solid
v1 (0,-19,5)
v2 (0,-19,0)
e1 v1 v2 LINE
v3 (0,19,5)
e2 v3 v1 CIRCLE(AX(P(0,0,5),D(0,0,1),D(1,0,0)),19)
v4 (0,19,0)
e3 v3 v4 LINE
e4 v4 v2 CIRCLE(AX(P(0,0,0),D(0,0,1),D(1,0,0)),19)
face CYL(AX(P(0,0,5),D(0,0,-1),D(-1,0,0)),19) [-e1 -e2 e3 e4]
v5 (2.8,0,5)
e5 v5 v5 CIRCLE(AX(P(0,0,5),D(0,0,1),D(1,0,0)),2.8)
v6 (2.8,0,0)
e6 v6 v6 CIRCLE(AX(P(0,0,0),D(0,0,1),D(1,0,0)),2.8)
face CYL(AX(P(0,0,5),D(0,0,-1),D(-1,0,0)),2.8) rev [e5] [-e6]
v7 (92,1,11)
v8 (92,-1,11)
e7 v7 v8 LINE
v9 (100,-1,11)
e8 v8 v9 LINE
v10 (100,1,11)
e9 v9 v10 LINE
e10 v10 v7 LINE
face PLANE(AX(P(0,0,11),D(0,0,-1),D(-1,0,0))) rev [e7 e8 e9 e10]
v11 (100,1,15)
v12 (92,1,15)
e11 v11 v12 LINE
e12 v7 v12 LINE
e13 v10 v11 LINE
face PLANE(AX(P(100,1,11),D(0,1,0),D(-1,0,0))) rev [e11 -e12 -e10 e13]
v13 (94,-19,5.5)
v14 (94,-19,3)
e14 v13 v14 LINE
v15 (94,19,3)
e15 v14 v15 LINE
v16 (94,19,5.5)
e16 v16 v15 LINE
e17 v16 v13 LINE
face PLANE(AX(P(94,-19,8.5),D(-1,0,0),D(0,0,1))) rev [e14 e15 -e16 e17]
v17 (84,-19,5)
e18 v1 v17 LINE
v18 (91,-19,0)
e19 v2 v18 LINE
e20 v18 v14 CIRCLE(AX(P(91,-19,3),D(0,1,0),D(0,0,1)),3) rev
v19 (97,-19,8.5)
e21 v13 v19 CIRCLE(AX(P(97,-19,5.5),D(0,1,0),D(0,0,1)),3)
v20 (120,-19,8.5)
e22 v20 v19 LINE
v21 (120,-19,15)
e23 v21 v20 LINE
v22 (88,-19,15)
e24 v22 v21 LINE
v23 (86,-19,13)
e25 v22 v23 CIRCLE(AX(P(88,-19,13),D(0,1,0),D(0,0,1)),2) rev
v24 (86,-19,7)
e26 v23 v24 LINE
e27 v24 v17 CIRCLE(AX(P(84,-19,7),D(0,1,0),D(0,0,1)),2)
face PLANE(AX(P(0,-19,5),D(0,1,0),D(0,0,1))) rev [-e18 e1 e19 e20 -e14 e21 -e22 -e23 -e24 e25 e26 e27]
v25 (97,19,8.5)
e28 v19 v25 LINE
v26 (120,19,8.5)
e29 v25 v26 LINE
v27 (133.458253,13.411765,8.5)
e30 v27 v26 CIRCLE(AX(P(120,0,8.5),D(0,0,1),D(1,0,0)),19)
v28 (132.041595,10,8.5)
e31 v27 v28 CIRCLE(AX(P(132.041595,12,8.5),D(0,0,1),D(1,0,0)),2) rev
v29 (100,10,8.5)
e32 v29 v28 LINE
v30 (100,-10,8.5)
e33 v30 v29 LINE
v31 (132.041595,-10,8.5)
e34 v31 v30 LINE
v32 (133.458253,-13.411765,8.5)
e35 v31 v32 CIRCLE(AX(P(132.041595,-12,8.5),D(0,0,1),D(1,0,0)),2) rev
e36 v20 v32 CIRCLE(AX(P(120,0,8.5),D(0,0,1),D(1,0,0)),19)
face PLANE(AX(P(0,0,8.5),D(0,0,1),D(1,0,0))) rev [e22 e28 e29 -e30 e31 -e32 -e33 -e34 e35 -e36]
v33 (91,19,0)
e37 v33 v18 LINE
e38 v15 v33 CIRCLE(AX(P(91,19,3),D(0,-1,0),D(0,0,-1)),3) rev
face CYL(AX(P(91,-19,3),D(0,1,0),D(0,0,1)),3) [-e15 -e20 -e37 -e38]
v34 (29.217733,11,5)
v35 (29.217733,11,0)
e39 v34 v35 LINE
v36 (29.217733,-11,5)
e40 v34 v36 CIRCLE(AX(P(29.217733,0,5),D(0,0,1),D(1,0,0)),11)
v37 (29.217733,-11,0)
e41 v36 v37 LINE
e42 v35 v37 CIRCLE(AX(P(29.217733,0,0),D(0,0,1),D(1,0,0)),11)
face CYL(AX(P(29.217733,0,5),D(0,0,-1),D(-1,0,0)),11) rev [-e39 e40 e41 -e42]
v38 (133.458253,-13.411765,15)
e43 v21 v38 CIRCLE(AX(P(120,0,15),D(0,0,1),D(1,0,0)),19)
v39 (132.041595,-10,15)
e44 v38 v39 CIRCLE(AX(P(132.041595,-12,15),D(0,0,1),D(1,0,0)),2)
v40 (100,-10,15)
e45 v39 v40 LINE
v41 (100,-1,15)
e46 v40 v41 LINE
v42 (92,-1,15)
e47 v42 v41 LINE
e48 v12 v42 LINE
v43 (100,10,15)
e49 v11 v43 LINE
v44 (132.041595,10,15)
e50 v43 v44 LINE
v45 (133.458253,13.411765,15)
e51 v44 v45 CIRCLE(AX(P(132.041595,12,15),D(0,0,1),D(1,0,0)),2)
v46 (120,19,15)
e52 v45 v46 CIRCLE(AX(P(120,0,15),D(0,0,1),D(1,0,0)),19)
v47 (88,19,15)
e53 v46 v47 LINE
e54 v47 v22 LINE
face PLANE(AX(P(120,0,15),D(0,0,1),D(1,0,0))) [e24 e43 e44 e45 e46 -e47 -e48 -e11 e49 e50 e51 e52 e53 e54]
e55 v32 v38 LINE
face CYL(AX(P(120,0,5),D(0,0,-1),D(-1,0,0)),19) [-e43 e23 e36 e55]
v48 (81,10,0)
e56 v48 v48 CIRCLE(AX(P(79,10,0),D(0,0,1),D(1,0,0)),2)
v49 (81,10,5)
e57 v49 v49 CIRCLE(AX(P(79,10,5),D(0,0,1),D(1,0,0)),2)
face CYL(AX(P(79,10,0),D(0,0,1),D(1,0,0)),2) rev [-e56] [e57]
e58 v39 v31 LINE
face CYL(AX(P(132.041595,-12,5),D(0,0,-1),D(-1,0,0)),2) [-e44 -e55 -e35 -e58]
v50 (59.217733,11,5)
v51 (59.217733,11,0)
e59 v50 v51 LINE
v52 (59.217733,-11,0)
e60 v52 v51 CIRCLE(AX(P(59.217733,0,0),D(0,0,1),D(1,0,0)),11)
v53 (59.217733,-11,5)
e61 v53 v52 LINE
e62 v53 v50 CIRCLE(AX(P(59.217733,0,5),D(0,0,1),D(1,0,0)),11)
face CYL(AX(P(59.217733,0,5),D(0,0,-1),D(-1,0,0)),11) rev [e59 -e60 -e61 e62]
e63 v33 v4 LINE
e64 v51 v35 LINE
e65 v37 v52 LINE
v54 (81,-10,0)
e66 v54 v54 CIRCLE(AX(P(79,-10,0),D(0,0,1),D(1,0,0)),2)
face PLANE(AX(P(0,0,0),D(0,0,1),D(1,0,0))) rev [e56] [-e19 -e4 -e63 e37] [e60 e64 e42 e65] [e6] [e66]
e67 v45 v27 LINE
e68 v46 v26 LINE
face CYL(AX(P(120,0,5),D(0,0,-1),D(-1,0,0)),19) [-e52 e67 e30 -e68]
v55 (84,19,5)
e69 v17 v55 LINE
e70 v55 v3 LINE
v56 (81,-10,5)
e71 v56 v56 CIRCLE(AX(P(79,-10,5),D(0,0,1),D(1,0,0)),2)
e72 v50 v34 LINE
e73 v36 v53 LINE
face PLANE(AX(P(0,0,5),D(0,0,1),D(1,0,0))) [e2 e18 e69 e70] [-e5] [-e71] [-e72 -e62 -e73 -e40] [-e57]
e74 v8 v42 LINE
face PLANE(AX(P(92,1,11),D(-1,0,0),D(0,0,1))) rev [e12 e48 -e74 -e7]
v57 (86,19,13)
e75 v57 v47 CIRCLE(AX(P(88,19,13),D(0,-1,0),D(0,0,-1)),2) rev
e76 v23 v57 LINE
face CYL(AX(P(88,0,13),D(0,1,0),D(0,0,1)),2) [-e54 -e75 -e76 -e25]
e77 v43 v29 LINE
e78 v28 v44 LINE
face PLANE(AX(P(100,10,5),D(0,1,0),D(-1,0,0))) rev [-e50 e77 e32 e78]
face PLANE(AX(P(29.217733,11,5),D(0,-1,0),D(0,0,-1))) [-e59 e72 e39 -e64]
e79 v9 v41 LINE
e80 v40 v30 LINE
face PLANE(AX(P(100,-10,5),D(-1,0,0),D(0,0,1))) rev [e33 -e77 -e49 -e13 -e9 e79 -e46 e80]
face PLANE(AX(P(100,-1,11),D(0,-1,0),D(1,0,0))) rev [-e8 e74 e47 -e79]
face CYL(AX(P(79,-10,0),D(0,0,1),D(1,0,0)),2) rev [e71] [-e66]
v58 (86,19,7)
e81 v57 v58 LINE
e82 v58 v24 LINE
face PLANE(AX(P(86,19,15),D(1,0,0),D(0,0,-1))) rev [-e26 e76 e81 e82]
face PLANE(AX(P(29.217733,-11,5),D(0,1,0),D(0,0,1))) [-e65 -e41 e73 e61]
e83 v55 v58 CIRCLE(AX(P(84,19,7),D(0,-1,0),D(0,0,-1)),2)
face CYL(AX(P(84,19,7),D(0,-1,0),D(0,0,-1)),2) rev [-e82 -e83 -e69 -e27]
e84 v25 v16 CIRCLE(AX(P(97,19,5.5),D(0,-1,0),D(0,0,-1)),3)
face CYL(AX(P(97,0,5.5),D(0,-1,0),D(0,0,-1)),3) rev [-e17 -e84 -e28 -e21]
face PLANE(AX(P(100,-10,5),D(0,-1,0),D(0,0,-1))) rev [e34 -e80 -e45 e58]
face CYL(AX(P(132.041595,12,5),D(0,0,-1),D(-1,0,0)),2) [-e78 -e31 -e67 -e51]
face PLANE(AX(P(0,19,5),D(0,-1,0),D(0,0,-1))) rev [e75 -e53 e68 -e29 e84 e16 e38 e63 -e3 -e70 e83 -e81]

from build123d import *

# Parameters (mm, degrees)
SKETCH1_R           = 2.8
BOSS_EXTRUDE1_DEPTH = 5
FILLET1_R           = 2
BOSS_EXTRUDE2_DEPTH = 10
FILLET2_R           = 2
SKETCH3_W           = 8
SKETCH3_H           = 2
CUT_EXTRUDE1_DEPTH  = 4
SKETCH5_R           = 2
CUT_EXTRUDE2_DEPTH  = 5
SKETCH6_W           = 89.229867451
SKETCH6_H           = 38
CUT_EXTRUDE3_DEPTH  = 8.5
FILLET3_R           = 3


with BuildPart() as part:
    # Sketch1 → Boss-Extrude1 (new body)
    with BuildSketch(Plane.XY):
        with BuildLine():
            Line((0, 19), (120, 19))
            ThreePointArc((120, 19), (129.246621004, 16.598192673), (136.155494421, 10))
            Line((136.155494421, 10), (100, 10))
            Line((100, 10), (100, -10))
            Line((100, -10), (136.155494421, -10))
            ThreePointArc((136.155494421, -10), (129.246621004, -16.598192673), (120, -19))
            Line((120, -19), (0, -19))
            ThreePointArc((0, -19), (-19, 0), (0, 19))
        make_face()
        Circle(SKETCH1_R, mode=Mode.SUBTRACT)
        with BuildLine():
            Line((29.217733251, 11), (59.217733251, 11))
            ThreePointArc((59.217733251, 11), (70.217733251, 0), (59.217733251, -11))
            Line((59.217733251, -11), (29.217733251, -11))
            ThreePointArc((29.217733251, -11), (18.217733251, 0), (29.217733251, 11))
        make_face(mode=Mode.SUBTRACT)
    extrude(amount=BOSS_EXTRUDE1_DEPTH)

    # Fillet1
    fillet1_edges = [part.edges().sort_by_distance(p)[0] for p in [
        (136.155494421, 10, 2.5),
        (136.155494421, -10, 2.5),
    ]]
    fillet(fillet1_edges, radius=FILLET1_R)

    # Sketch2 → Boss-Extrude2 (add)
    with BuildSketch(Plane.XY.offset(5)):
        with BuildLine():
            Line((86, 19), (86, -19))
            Line((86, -19), (120, -19))
            ThreePointArc((120, -19), (127.286167394, -17.547414758), (133.458252765, -13.411764706))
            ThreePointArc((133.458252765, -13.411764706), (133.888690869, -11.233035011), (132.041594579, -10))
            Line((132.041594579, -10), (100, -10))
            Line((100, -10), (100, 10))
            Line((100, 10), (132.041594579, 10))
            ThreePointArc((132.041594579, 10), (133.888690869, 11.233035011), (133.458252765, 13.411764706))
            ThreePointArc((133.458252765, 13.411764706), (127.286167394, 17.547414758), (120, 19))
            Line((120, 19), (86, 19))
        make_face()
    extrude(amount=BOSS_EXTRUDE2_DEPTH)

    # Fillet2
    fillet2_edges = [part.edges().sort_by_distance(p)[0] for p in [
        (86, 0, 5),
        (86, 0, 15),
    ]]
    fillet(fillet2_edges, radius=FILLET2_R)

    # Sketch3 → Cut-Extrude1 (cut)
    with BuildSketch(Plane.XY.offset(15)):
        with Locations((96, 0)):
            Rectangle(SKETCH3_W, SKETCH3_H)
    extrude(amount=-CUT_EXTRUDE1_DEPTH, mode=Mode.SUBTRACT)

    # Sketch5 → Cut-Extrude2 (cut)
    with BuildSketch(Plane.XY.offset(5)):
        with Locations((79, 10)):
            Circle(SKETCH5_R)
        with Locations((79, -10)):
            Circle(SKETCH5_R)
    extrude(amount=-CUT_EXTRUDE2_DEPTH, mode=Mode.SUBTRACT)

    # Sketch6 → Cut-Extrude3 (cut)
    with BuildSketch(Plane(origin=(0, 0, 0), x_dir=(-1, 0, 0), z_dir=(0, 0, -1))):
        with Locations((-138.614933726, 0)):
            Rectangle(SKETCH6_W, SKETCH6_H)
    extrude(amount=-CUT_EXTRUDE3_DEPTH, mode=Mode.SUBTRACT)

    # Fillet3
    fillet3_edges = [part.edges().sort_by_distance(p)[0] for p in [
        (94, 0, 0),
        (94, 0, 8.5),
    ]]
    fillet(fillet3_edges, radius=FILLET3_R)


solid = part.part
